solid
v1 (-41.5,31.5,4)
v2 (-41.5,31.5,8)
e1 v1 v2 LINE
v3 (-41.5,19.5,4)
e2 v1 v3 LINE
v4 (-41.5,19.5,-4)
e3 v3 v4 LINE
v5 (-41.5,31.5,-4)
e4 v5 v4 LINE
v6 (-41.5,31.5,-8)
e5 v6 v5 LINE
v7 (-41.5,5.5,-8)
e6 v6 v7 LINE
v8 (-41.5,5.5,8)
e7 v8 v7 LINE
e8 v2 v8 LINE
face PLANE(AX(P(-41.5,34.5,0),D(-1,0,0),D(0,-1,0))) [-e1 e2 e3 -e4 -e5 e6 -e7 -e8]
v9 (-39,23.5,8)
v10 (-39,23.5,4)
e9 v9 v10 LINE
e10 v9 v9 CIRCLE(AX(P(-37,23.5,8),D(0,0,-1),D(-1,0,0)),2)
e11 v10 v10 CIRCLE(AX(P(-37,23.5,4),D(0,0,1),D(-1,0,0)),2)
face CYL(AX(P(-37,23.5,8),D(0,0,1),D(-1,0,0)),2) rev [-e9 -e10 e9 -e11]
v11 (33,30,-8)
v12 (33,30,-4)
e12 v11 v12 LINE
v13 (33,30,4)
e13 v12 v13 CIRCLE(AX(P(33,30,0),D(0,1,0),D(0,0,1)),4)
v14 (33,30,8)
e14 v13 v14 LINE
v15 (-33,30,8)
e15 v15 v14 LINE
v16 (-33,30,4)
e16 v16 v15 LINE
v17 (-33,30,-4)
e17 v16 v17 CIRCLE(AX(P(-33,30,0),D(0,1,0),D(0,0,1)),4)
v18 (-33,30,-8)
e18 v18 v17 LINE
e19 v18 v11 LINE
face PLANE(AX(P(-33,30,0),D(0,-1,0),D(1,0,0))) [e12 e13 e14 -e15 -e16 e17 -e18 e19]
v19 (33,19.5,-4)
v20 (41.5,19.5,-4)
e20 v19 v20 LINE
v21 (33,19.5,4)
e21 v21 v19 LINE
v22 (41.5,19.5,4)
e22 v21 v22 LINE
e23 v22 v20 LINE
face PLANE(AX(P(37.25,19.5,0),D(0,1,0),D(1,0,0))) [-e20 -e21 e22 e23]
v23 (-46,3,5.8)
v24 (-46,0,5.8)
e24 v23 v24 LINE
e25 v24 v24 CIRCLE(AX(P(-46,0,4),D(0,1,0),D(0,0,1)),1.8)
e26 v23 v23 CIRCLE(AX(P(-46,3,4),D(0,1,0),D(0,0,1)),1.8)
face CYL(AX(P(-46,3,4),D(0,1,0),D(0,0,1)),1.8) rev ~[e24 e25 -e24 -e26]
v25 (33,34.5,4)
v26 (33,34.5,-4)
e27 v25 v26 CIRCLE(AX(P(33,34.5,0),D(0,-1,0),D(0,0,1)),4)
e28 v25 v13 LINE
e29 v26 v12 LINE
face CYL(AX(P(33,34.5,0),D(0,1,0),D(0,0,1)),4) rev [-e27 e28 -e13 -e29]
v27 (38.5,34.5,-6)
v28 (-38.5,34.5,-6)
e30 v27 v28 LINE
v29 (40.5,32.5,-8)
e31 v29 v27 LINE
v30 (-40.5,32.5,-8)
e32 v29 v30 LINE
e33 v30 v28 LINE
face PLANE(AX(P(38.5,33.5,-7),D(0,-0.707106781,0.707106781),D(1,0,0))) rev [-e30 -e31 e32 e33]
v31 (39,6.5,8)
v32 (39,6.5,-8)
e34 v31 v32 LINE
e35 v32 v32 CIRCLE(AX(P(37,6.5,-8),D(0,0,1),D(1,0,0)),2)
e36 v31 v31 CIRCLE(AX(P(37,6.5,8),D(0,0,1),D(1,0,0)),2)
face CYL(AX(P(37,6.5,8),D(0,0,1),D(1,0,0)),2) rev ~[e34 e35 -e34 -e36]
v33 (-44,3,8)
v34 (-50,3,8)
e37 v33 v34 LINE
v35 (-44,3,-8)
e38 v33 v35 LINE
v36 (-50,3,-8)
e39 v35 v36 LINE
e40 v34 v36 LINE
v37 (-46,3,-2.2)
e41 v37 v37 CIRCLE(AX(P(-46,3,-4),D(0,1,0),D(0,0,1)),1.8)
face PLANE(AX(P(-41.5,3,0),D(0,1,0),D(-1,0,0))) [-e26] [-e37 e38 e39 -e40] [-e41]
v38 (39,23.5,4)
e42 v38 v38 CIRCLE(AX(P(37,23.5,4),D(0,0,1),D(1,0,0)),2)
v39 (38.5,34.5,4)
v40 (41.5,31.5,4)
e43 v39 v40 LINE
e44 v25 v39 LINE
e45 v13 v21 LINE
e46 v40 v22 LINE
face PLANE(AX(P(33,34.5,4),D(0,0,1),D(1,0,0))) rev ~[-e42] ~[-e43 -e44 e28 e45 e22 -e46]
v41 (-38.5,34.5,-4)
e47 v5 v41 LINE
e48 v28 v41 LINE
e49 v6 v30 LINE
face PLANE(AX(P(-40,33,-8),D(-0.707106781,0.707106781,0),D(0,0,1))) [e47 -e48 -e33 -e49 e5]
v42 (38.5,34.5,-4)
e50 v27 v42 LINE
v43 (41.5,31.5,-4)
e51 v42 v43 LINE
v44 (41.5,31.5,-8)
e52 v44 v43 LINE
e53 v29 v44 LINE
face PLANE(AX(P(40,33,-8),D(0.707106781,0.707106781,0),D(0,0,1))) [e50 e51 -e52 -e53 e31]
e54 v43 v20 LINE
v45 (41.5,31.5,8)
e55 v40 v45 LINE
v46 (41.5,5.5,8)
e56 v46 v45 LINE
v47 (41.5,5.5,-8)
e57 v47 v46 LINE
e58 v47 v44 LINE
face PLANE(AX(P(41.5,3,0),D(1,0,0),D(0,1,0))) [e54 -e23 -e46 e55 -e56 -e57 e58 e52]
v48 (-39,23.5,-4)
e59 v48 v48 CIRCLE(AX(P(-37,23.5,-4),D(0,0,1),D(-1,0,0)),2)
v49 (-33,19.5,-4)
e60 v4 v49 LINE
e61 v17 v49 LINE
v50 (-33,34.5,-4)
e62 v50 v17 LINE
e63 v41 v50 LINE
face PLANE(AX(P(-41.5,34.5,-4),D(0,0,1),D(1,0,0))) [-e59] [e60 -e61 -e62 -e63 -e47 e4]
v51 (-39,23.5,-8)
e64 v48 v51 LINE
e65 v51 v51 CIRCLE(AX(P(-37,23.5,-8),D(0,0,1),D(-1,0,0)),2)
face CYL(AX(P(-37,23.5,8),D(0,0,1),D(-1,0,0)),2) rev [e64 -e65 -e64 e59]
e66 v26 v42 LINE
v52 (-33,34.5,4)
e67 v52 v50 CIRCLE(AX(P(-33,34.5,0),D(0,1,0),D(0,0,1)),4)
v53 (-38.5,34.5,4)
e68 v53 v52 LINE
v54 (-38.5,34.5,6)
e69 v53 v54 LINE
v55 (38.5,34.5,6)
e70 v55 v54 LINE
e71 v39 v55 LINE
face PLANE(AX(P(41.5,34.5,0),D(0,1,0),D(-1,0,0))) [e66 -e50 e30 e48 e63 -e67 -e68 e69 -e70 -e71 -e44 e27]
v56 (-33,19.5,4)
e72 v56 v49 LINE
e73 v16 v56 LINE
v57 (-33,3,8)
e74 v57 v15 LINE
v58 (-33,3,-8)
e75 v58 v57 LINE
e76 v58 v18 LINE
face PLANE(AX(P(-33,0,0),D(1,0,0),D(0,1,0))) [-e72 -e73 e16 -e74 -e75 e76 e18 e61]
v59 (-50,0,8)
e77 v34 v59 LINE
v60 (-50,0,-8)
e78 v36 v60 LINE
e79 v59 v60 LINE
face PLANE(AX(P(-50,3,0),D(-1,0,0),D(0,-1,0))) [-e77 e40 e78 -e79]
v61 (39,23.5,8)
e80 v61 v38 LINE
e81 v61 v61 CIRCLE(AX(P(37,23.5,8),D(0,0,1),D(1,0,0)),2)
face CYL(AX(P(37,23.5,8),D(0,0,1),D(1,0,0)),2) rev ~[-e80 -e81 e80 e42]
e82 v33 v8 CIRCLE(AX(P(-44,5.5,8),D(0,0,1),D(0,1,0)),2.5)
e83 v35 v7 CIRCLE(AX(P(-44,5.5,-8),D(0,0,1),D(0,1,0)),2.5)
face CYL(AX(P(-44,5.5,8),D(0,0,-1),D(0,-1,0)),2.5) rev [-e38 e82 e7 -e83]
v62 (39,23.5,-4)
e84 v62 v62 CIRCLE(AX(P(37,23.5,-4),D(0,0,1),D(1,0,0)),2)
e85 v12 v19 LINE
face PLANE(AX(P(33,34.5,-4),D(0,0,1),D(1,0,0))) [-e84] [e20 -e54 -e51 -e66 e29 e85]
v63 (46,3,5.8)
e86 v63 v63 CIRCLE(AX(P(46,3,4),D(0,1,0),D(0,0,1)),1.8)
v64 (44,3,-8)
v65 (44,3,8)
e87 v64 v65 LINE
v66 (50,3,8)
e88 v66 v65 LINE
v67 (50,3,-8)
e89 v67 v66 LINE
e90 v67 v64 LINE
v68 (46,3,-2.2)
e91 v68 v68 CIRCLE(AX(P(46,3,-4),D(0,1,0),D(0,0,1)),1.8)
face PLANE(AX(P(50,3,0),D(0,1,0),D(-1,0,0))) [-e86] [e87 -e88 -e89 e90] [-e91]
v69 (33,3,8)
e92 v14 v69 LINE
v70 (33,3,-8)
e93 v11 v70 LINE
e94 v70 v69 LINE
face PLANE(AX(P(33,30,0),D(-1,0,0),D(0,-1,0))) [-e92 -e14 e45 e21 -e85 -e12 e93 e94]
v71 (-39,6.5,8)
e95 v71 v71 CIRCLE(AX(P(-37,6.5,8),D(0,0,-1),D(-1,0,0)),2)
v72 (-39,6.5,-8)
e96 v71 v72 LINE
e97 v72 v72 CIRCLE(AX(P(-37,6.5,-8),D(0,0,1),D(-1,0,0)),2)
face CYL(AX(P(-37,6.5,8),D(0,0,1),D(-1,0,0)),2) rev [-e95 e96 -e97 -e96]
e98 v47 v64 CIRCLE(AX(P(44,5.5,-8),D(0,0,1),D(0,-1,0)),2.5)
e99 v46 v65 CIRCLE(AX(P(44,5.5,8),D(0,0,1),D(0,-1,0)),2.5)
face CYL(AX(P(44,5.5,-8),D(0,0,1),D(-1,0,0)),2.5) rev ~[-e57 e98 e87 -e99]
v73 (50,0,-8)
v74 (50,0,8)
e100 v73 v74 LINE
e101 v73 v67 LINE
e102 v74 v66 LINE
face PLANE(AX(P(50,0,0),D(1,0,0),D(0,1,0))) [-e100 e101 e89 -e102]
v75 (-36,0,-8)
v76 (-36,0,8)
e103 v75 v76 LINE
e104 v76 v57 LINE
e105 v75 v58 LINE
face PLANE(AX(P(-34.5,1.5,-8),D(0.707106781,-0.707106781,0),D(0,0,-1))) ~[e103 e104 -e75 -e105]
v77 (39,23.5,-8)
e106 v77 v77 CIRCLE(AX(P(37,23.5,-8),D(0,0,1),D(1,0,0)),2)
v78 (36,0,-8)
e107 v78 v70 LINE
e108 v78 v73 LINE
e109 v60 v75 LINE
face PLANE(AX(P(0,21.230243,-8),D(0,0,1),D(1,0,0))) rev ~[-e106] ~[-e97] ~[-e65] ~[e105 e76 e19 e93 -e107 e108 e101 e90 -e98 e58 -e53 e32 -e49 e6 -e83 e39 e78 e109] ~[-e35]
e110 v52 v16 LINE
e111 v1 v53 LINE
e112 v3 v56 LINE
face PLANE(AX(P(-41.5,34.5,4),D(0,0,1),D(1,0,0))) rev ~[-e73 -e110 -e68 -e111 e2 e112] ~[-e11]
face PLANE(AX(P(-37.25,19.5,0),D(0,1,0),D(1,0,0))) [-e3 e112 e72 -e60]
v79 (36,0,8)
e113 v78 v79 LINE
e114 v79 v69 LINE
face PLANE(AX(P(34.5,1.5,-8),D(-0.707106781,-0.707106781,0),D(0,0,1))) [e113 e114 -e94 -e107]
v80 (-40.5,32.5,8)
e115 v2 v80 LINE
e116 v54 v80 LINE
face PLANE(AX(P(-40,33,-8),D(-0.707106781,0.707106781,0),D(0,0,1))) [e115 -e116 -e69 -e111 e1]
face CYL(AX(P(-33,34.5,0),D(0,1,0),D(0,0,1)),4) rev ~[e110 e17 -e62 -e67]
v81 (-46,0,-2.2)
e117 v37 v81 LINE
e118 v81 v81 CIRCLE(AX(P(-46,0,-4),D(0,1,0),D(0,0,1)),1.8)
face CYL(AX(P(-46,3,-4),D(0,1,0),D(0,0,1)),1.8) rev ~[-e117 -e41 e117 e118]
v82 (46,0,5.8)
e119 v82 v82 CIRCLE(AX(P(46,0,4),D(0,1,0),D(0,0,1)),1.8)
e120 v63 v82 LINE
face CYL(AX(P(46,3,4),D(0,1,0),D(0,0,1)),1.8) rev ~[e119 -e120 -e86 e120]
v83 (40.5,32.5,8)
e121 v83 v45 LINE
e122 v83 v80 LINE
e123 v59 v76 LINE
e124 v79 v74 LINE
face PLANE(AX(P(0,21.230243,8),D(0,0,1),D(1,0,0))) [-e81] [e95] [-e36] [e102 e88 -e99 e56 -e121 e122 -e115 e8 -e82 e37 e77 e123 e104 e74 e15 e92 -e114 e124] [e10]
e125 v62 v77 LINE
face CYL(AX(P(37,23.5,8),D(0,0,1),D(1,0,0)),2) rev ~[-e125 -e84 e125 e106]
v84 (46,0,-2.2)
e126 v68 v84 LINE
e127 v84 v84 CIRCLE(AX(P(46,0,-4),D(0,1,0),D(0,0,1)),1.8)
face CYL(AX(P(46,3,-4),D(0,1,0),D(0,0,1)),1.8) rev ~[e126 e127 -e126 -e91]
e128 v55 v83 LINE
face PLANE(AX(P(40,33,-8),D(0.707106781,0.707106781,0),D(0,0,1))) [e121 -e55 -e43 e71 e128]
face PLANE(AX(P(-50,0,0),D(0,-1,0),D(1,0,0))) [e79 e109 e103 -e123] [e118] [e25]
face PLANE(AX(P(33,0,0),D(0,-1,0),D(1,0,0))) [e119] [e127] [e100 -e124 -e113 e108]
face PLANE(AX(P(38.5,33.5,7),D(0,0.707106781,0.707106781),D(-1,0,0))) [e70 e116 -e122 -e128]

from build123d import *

# Parameters (mm, degrees)
BOSS_EXTRUDE1_DEPTH = 8
CHAMFER5_SIZE       = 3
FILLET1_R           = 2.5
SKETCH2_R           = 2
CUT_EXTRUDE1_DEPTH  = 63.819184968
SKETCH3_R           = 1.8
CUT_EXTRUDE2_DEPTH  = 60.634302209
SKETCH5_W           = 8.5
SKETCH5_H           = 8
CUT_EXTRUDE3_DEPTH  = 15
CUT_EXTRUDE5_DEPTH  = 15
CHAMFER6_SIZE       = 2


with BuildPart() as part:
    # Sketch1 → Boss-Extrude1 (new, symmetric)
    with BuildSketch(Plane.XY):
        Polygon((-50, 0), (-33, 0), (-33, 30), (33, 30), (33, 0), (50, 0), (50, 3), (41.5, 3), (41.5, 34.5), (-41.5, 34.5), (-41.5, 3), (-50, 3), align=None)
    extrude(amount=BOSS_EXTRUDE1_DEPTH, both=True)

    # Chamfer5
    chamfer5_edges = [part.edges().sort_by_distance(p)[0] for p in [
        (-41.5, 34.5, 0),
        (41.5, 34.5, 0),
        (33, 0, 0),
        (-33, 0, 0),
    ]]
    chamfer(chamfer5_edges, length=CHAMFER5_SIZE)

    # Fillet1
    fillet1_edges = [part.edges().sort_by_distance(p)[0] for p in [
        (-41.5, 3, 0),
        (41.5, 3, 0),
    ]]
    fillet(fillet1_edges, radius=FILLET1_R)

    # Sketch2 → Cut-Extrude1 (cut, through all)
    with BuildSketch(Plane.XY.offset(8)):
        with Locations((37, 23.5)):
            Circle(SKETCH2_R)
        with Locations((37, 6.5)):
            Circle(SKETCH2_R)
    cut_extrude1 = extrude(amount=-CUT_EXTRUDE1_DEPTH, mode=Mode.SUBTRACT)

    # Mirror1: Cut-Extrude1 across plane
    add(cut_extrude1.mirror(Plane(origin=(0, 0, 0), x_dir=(0, 0, 1), z_dir=(1, 0, 0))), mode=Mode.SUBTRACT)

    # Sketch3 → Cut-Extrude2 (cut, through all)
    with BuildSketch(Plane(origin=(0, 3, 0), x_dir=(1, 0, 0), z_dir=(0, 1, 0))):
        with Locations(Location((46, 4, 0), (0, 0, 270))):
            Circle(SKETCH3_R)
        with Locations(Location((46, -4, 0), (0, 0, 270))):
            Circle(SKETCH3_R)
        with Locations(Location((-46, 4, 0), (0, 0, 270))):
            Circle(SKETCH3_R)
        with Locations(Location((-46, -4, 0), (0, 0, 270))):
            Circle(SKETCH3_R)
    extrude(amount=-CUT_EXTRUDE2_DEPTH, mode=Mode.SUBTRACT)

    # Sketch5 → Cut-Extrude3 (cut)
    with BuildSketch(Plane(origin=(0, 34.5, 0), x_dir=(1, 0, 0), z_dir=(0, 1, 0))):
        with Locations((37.25, 0)):
            Rectangle(SKETCH5_W, SKETCH5_H)
        with Locations((-37.25, 0)):
            Rectangle(SKETCH5_W, SKETCH5_H)
    extrude(amount=-CUT_EXTRUDE3_DEPTH, mode=Mode.SUBTRACT)

    # Sketch7 → Cut-Extrude5 (cut)
    with BuildSketch(Plane(origin=(0, 34.5, 0), x_dir=(1, 0, 0), z_dir=(0, 1, 0))):
        with BuildLine():
            Line((33, 4), (33, -4))
            ThreePointArc((33, -4), (29, 0), (33, 4))
        make_face()
        with BuildLine():
            Line((-33, 4), (-33, -4))
            ThreePointArc((-33, -4), (-29, 0), (-33, 4))
        make_face()
    extrude(amount=-CUT_EXTRUDE5_DEPTH, mode=Mode.SUBTRACT)

    # Chamfer6
    chamfer6_edges = [part.edges().sort_by_distance(p)[0] for p in [
        (0, 34.5, -8),
        (0, 34.5, 8),
    ]]
    chamfer(chamfer6_edges, length=CHAMFER6_SIZE)


solid = part.part
